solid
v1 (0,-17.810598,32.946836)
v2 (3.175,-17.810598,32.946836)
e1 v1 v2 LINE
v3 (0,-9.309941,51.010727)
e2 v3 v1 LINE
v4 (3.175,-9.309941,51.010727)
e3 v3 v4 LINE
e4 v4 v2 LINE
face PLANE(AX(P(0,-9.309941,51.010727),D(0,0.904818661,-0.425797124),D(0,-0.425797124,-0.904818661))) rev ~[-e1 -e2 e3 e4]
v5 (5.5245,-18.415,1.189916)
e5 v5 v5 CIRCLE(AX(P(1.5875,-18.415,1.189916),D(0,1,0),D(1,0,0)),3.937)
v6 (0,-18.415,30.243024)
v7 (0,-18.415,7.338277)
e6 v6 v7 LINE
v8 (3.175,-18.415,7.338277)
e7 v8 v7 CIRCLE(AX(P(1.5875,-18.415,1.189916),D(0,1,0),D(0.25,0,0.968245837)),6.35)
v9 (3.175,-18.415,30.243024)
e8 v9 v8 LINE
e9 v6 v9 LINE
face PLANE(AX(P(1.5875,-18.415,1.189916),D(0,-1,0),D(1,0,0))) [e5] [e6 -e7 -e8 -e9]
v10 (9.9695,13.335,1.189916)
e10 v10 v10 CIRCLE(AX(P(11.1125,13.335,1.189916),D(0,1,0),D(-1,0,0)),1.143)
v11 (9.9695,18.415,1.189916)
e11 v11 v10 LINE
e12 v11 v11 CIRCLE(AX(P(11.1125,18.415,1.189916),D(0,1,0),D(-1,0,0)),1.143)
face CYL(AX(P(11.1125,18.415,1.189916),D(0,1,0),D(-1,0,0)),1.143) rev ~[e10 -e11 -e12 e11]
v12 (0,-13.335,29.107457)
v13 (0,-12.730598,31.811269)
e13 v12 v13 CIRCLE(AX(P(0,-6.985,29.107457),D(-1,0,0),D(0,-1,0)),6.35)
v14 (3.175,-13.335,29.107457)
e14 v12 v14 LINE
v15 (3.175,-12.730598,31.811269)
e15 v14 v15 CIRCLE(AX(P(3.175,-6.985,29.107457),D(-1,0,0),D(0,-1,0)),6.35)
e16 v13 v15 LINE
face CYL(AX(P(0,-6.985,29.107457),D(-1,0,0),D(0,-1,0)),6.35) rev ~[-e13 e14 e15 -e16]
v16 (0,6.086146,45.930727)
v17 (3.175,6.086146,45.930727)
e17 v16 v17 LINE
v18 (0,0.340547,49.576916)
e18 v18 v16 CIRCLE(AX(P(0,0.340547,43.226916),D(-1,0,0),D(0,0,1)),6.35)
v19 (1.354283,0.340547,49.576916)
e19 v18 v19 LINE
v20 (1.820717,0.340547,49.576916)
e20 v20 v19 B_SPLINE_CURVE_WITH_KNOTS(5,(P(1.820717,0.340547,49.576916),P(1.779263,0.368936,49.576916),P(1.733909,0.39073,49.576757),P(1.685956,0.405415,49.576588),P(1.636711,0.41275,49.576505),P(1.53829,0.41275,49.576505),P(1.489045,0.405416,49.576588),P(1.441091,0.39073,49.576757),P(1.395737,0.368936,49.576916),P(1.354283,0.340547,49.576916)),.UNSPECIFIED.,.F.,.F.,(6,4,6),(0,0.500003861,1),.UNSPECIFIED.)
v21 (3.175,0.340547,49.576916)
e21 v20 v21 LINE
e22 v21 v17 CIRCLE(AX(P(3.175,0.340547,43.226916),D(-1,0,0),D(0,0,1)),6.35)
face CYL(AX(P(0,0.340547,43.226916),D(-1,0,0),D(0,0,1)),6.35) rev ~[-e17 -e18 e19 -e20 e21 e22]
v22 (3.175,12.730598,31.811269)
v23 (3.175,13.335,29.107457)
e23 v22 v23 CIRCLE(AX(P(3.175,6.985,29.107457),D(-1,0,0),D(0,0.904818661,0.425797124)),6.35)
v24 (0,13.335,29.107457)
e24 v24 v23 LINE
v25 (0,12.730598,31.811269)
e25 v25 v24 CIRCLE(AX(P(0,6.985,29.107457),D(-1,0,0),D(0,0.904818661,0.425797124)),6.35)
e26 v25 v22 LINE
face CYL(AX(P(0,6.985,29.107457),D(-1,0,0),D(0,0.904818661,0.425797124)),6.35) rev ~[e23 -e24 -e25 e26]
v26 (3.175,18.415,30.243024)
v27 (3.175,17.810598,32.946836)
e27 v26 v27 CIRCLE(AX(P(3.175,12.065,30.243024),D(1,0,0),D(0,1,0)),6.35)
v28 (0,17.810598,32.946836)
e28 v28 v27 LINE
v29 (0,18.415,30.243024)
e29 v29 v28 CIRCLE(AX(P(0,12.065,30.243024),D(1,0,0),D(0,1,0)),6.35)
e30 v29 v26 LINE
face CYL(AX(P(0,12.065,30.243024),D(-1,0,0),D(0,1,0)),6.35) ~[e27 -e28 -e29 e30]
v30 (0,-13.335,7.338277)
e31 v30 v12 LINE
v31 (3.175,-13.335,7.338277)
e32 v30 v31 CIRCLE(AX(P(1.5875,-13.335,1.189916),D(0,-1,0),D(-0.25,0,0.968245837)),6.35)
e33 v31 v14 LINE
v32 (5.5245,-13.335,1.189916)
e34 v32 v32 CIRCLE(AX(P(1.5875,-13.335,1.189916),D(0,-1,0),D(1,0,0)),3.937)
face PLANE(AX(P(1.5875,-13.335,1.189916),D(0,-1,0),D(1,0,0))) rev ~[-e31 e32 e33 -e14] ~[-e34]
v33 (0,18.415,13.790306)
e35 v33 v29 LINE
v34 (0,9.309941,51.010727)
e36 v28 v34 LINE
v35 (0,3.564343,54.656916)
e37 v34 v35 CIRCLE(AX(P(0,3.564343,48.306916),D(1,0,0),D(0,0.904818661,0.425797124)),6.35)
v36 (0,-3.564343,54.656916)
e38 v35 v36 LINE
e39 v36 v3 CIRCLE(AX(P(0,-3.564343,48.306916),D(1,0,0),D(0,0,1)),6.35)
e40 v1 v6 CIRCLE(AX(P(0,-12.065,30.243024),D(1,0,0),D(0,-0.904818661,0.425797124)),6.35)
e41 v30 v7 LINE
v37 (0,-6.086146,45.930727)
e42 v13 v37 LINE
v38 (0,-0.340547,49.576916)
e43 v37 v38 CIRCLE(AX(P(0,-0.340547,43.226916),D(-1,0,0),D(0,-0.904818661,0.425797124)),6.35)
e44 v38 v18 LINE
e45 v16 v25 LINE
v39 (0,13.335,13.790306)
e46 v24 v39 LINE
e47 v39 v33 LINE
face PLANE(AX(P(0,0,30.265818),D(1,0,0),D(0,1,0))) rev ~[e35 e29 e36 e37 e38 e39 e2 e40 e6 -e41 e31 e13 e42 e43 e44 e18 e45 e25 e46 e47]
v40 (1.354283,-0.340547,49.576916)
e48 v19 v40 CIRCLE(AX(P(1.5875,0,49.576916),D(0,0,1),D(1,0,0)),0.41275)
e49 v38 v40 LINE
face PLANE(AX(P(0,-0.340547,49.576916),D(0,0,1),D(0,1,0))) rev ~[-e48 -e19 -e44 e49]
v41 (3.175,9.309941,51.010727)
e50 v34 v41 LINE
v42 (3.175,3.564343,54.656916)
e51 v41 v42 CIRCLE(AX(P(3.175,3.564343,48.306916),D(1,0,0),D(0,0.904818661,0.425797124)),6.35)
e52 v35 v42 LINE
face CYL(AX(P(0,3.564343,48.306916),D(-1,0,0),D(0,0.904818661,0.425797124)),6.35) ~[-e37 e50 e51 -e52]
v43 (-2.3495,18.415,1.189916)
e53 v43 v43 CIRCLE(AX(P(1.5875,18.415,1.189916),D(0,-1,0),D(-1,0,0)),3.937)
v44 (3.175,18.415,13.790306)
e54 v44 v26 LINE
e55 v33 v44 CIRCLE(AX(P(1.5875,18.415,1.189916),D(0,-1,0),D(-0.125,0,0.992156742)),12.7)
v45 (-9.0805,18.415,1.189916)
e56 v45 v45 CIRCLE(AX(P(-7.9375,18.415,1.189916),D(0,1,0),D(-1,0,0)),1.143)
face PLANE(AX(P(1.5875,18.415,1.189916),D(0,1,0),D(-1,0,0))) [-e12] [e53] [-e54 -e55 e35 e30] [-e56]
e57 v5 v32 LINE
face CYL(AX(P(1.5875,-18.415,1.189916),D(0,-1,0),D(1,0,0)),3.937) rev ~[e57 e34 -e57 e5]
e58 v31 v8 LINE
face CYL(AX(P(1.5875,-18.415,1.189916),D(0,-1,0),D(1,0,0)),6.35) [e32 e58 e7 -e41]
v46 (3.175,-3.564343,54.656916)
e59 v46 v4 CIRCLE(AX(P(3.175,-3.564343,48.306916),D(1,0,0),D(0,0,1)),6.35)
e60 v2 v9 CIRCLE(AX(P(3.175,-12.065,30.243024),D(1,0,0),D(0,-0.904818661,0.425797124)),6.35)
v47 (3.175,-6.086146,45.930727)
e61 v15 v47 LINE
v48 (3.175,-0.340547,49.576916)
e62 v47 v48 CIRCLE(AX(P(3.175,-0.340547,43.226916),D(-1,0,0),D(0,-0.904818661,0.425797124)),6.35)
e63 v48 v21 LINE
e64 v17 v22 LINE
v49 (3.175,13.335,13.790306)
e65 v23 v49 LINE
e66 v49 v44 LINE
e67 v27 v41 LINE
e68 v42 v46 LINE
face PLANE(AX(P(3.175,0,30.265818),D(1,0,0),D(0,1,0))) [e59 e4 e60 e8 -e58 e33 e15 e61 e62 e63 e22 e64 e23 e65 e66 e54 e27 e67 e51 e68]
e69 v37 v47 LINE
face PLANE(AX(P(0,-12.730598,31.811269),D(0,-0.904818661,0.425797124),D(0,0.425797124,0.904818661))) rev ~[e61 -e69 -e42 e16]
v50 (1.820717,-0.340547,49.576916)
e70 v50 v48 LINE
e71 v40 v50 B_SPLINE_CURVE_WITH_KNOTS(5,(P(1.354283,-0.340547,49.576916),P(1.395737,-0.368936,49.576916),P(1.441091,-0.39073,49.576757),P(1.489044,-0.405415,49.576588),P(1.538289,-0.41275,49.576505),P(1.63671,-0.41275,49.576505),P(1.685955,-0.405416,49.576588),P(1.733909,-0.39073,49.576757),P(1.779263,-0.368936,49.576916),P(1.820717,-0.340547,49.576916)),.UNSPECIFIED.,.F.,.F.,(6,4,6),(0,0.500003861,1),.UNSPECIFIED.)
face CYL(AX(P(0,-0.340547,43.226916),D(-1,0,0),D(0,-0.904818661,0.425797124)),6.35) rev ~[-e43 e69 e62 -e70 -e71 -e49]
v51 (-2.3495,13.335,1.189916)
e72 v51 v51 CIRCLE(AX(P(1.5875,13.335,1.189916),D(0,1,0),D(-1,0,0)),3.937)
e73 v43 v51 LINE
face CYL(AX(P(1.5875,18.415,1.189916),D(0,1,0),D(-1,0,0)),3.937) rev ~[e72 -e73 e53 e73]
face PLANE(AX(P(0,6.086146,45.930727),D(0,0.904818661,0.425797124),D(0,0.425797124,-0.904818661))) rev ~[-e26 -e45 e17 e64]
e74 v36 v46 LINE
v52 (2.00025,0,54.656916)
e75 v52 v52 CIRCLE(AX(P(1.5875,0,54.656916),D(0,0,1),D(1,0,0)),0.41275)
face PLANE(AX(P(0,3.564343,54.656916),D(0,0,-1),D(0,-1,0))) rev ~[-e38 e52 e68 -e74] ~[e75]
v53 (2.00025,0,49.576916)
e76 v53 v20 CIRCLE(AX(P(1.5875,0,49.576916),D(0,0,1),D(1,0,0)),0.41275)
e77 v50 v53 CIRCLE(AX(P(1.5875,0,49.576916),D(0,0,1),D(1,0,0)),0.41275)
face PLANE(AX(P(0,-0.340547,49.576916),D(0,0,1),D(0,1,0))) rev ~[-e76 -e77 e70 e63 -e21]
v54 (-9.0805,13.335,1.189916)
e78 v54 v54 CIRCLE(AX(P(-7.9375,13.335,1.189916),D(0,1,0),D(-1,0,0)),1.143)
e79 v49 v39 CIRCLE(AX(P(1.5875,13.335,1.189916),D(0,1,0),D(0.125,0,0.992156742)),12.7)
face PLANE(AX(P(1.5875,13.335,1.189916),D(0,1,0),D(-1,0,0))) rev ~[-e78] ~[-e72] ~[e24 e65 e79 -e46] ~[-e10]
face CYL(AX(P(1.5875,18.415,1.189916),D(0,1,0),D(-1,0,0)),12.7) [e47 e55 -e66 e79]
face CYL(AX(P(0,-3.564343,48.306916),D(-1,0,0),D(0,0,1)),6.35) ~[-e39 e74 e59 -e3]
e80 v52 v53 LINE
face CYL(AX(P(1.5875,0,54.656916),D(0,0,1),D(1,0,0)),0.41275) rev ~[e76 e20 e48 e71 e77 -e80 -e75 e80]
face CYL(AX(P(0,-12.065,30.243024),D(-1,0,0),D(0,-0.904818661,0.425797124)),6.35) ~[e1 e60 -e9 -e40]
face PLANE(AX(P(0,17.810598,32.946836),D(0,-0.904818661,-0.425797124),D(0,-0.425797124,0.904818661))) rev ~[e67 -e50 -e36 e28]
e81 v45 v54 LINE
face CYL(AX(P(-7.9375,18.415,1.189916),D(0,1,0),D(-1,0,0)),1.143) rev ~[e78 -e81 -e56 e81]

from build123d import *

# Parameters (mm, degrees)
F1_DEPTH = 3.175
F2_R     = 6.35
F2_R_2   = 3.937
F3_DEPTH = 5.08
F4_R     = 12.7
F4_R_2   = 1.143
F4_R_3   = 3.937
F5_DEPTH = 5.08
F6_R     = 0.41275
F7_DEPTH = 5.0814106062


with BuildPart() as f1:
    # F0 (on Right) → F1 (new body)
    with BuildSketch(Plane.YZ):
        with BuildLine():
            Line((-18.415, 5.1269156738), (-13.335, 5.1269156738))
            Line((-13.335, 5.1269156738), (-13.335, 29.1074568056))
            ThreePointArc((-13.335, 29.1074568056), (-13.1820577877, 30.4927274565), (-12.7305984957, 31.8112685458))
            Line((-12.7305984957, 31.8112685458), (-6.086145584, 45.930727414))
            ThreePointArc((-6.086145584, 45.930727414), (-3.7429944023, 48.5884315299), (-0.3405470883, 49.5769156738))
            Line((-0.3405470883, 49.5769156738), (0, 49.5769156738))
            Line((0, 49.5769156738), (0.3405470883, 49.5769156738))
            ThreePointArc((0.3405470883, 49.5769156738), (3.7429944023, 48.5884315299), (6.086145584, 45.930727414))
            Line((6.086145584, 45.930727414), (12.7305984957, 31.8112685458))
            ThreePointArc((12.7305984957, 31.8112685458), (13.1820577877, 30.4927274565), (13.335, 29.1074568056))
            Line((13.335, 29.1074568056), (13.335, 5.1269156738))
            Line((13.335, 5.1269156738), (18.415, 5.1269156738))
            Line((18.415, 5.1269156738), (18.415, 30.2430239001))
            ThreePointArc((18.415, 30.2430239001), (18.2620577877, 31.628294551), (17.8105984957, 32.9468356404))
            Line((17.8105984957, 32.9468356404), (9.3099413945, 51.010727414))
            ThreePointArc((9.3099413945, 51.010727414), (6.9667902129, 53.6684315299), (3.5643428989, 54.6569156738))
            Line((3.5643428989, 54.6569156738), (0, 54.6569156738))
            Line((0, 54.6569156738), (-3.5643428989, 54.6569156738))
            ThreePointArc((-3.5643428989, 54.6569156738), (-6.9667902129, 53.6684315299), (-9.3099413945, 51.010727414))
            Line((-9.3099413945, 51.010727414), (-17.8105984957, 32.9468356404))
            ThreePointArc((-17.8105984957, 32.9468356404), (-18.2620577877, 31.628294551), (-18.415, 30.2430239001))
            Line((-18.415, 30.2430239001), (-18.415, 5.1269156738))
        make_face()
    extrude(amount=F1_DEPTH)

    # F2 (on face) → F3 (join, through all)
    with BuildSketch(Plane.XZ.offset(18.415)):
        with Locations((1.5875, 1.1899156738)):
            Circle(F2_R)
        with Locations((1.5875, 1.1899156738)):
            Circle(F2_R_2, mode=Mode.SUBTRACT)
    extrude(amount=-F3_DEPTH)

    # F4 (on face) → F5 (join, through all)
    with BuildSketch(Plane(origin=(0, 18.415, 0), x_dir=(-1, 0, 0), z_dir=(0, 1, 0))):
        with Locations((-1.5875, 1.1899156739)):
            Circle(F4_R)
        with Locations((-11.1125, 1.1899156739)):
            Circle(F4_R_2, mode=Mode.SUBTRACT)
        with Locations((-1.5875, 1.1899156739)):
            Circle(F4_R_3, mode=Mode.SUBTRACT)
        with Locations((7.9375, 1.1899156739)):
            Circle(F4_R_2, mode=Mode.SUBTRACT)
    extrude(amount=-F5_DEPTH)

    # F6 (on face) → F7 (cut, through all)
    with BuildSketch(Plane.XY.offset(54.6569156738)):
        with Locations((1.5875, 0)):
            Circle(F6_R)
    extrude(amount=-F7_DEPTH, mode=Mode.SUBTRACT)


solid = f1.part
